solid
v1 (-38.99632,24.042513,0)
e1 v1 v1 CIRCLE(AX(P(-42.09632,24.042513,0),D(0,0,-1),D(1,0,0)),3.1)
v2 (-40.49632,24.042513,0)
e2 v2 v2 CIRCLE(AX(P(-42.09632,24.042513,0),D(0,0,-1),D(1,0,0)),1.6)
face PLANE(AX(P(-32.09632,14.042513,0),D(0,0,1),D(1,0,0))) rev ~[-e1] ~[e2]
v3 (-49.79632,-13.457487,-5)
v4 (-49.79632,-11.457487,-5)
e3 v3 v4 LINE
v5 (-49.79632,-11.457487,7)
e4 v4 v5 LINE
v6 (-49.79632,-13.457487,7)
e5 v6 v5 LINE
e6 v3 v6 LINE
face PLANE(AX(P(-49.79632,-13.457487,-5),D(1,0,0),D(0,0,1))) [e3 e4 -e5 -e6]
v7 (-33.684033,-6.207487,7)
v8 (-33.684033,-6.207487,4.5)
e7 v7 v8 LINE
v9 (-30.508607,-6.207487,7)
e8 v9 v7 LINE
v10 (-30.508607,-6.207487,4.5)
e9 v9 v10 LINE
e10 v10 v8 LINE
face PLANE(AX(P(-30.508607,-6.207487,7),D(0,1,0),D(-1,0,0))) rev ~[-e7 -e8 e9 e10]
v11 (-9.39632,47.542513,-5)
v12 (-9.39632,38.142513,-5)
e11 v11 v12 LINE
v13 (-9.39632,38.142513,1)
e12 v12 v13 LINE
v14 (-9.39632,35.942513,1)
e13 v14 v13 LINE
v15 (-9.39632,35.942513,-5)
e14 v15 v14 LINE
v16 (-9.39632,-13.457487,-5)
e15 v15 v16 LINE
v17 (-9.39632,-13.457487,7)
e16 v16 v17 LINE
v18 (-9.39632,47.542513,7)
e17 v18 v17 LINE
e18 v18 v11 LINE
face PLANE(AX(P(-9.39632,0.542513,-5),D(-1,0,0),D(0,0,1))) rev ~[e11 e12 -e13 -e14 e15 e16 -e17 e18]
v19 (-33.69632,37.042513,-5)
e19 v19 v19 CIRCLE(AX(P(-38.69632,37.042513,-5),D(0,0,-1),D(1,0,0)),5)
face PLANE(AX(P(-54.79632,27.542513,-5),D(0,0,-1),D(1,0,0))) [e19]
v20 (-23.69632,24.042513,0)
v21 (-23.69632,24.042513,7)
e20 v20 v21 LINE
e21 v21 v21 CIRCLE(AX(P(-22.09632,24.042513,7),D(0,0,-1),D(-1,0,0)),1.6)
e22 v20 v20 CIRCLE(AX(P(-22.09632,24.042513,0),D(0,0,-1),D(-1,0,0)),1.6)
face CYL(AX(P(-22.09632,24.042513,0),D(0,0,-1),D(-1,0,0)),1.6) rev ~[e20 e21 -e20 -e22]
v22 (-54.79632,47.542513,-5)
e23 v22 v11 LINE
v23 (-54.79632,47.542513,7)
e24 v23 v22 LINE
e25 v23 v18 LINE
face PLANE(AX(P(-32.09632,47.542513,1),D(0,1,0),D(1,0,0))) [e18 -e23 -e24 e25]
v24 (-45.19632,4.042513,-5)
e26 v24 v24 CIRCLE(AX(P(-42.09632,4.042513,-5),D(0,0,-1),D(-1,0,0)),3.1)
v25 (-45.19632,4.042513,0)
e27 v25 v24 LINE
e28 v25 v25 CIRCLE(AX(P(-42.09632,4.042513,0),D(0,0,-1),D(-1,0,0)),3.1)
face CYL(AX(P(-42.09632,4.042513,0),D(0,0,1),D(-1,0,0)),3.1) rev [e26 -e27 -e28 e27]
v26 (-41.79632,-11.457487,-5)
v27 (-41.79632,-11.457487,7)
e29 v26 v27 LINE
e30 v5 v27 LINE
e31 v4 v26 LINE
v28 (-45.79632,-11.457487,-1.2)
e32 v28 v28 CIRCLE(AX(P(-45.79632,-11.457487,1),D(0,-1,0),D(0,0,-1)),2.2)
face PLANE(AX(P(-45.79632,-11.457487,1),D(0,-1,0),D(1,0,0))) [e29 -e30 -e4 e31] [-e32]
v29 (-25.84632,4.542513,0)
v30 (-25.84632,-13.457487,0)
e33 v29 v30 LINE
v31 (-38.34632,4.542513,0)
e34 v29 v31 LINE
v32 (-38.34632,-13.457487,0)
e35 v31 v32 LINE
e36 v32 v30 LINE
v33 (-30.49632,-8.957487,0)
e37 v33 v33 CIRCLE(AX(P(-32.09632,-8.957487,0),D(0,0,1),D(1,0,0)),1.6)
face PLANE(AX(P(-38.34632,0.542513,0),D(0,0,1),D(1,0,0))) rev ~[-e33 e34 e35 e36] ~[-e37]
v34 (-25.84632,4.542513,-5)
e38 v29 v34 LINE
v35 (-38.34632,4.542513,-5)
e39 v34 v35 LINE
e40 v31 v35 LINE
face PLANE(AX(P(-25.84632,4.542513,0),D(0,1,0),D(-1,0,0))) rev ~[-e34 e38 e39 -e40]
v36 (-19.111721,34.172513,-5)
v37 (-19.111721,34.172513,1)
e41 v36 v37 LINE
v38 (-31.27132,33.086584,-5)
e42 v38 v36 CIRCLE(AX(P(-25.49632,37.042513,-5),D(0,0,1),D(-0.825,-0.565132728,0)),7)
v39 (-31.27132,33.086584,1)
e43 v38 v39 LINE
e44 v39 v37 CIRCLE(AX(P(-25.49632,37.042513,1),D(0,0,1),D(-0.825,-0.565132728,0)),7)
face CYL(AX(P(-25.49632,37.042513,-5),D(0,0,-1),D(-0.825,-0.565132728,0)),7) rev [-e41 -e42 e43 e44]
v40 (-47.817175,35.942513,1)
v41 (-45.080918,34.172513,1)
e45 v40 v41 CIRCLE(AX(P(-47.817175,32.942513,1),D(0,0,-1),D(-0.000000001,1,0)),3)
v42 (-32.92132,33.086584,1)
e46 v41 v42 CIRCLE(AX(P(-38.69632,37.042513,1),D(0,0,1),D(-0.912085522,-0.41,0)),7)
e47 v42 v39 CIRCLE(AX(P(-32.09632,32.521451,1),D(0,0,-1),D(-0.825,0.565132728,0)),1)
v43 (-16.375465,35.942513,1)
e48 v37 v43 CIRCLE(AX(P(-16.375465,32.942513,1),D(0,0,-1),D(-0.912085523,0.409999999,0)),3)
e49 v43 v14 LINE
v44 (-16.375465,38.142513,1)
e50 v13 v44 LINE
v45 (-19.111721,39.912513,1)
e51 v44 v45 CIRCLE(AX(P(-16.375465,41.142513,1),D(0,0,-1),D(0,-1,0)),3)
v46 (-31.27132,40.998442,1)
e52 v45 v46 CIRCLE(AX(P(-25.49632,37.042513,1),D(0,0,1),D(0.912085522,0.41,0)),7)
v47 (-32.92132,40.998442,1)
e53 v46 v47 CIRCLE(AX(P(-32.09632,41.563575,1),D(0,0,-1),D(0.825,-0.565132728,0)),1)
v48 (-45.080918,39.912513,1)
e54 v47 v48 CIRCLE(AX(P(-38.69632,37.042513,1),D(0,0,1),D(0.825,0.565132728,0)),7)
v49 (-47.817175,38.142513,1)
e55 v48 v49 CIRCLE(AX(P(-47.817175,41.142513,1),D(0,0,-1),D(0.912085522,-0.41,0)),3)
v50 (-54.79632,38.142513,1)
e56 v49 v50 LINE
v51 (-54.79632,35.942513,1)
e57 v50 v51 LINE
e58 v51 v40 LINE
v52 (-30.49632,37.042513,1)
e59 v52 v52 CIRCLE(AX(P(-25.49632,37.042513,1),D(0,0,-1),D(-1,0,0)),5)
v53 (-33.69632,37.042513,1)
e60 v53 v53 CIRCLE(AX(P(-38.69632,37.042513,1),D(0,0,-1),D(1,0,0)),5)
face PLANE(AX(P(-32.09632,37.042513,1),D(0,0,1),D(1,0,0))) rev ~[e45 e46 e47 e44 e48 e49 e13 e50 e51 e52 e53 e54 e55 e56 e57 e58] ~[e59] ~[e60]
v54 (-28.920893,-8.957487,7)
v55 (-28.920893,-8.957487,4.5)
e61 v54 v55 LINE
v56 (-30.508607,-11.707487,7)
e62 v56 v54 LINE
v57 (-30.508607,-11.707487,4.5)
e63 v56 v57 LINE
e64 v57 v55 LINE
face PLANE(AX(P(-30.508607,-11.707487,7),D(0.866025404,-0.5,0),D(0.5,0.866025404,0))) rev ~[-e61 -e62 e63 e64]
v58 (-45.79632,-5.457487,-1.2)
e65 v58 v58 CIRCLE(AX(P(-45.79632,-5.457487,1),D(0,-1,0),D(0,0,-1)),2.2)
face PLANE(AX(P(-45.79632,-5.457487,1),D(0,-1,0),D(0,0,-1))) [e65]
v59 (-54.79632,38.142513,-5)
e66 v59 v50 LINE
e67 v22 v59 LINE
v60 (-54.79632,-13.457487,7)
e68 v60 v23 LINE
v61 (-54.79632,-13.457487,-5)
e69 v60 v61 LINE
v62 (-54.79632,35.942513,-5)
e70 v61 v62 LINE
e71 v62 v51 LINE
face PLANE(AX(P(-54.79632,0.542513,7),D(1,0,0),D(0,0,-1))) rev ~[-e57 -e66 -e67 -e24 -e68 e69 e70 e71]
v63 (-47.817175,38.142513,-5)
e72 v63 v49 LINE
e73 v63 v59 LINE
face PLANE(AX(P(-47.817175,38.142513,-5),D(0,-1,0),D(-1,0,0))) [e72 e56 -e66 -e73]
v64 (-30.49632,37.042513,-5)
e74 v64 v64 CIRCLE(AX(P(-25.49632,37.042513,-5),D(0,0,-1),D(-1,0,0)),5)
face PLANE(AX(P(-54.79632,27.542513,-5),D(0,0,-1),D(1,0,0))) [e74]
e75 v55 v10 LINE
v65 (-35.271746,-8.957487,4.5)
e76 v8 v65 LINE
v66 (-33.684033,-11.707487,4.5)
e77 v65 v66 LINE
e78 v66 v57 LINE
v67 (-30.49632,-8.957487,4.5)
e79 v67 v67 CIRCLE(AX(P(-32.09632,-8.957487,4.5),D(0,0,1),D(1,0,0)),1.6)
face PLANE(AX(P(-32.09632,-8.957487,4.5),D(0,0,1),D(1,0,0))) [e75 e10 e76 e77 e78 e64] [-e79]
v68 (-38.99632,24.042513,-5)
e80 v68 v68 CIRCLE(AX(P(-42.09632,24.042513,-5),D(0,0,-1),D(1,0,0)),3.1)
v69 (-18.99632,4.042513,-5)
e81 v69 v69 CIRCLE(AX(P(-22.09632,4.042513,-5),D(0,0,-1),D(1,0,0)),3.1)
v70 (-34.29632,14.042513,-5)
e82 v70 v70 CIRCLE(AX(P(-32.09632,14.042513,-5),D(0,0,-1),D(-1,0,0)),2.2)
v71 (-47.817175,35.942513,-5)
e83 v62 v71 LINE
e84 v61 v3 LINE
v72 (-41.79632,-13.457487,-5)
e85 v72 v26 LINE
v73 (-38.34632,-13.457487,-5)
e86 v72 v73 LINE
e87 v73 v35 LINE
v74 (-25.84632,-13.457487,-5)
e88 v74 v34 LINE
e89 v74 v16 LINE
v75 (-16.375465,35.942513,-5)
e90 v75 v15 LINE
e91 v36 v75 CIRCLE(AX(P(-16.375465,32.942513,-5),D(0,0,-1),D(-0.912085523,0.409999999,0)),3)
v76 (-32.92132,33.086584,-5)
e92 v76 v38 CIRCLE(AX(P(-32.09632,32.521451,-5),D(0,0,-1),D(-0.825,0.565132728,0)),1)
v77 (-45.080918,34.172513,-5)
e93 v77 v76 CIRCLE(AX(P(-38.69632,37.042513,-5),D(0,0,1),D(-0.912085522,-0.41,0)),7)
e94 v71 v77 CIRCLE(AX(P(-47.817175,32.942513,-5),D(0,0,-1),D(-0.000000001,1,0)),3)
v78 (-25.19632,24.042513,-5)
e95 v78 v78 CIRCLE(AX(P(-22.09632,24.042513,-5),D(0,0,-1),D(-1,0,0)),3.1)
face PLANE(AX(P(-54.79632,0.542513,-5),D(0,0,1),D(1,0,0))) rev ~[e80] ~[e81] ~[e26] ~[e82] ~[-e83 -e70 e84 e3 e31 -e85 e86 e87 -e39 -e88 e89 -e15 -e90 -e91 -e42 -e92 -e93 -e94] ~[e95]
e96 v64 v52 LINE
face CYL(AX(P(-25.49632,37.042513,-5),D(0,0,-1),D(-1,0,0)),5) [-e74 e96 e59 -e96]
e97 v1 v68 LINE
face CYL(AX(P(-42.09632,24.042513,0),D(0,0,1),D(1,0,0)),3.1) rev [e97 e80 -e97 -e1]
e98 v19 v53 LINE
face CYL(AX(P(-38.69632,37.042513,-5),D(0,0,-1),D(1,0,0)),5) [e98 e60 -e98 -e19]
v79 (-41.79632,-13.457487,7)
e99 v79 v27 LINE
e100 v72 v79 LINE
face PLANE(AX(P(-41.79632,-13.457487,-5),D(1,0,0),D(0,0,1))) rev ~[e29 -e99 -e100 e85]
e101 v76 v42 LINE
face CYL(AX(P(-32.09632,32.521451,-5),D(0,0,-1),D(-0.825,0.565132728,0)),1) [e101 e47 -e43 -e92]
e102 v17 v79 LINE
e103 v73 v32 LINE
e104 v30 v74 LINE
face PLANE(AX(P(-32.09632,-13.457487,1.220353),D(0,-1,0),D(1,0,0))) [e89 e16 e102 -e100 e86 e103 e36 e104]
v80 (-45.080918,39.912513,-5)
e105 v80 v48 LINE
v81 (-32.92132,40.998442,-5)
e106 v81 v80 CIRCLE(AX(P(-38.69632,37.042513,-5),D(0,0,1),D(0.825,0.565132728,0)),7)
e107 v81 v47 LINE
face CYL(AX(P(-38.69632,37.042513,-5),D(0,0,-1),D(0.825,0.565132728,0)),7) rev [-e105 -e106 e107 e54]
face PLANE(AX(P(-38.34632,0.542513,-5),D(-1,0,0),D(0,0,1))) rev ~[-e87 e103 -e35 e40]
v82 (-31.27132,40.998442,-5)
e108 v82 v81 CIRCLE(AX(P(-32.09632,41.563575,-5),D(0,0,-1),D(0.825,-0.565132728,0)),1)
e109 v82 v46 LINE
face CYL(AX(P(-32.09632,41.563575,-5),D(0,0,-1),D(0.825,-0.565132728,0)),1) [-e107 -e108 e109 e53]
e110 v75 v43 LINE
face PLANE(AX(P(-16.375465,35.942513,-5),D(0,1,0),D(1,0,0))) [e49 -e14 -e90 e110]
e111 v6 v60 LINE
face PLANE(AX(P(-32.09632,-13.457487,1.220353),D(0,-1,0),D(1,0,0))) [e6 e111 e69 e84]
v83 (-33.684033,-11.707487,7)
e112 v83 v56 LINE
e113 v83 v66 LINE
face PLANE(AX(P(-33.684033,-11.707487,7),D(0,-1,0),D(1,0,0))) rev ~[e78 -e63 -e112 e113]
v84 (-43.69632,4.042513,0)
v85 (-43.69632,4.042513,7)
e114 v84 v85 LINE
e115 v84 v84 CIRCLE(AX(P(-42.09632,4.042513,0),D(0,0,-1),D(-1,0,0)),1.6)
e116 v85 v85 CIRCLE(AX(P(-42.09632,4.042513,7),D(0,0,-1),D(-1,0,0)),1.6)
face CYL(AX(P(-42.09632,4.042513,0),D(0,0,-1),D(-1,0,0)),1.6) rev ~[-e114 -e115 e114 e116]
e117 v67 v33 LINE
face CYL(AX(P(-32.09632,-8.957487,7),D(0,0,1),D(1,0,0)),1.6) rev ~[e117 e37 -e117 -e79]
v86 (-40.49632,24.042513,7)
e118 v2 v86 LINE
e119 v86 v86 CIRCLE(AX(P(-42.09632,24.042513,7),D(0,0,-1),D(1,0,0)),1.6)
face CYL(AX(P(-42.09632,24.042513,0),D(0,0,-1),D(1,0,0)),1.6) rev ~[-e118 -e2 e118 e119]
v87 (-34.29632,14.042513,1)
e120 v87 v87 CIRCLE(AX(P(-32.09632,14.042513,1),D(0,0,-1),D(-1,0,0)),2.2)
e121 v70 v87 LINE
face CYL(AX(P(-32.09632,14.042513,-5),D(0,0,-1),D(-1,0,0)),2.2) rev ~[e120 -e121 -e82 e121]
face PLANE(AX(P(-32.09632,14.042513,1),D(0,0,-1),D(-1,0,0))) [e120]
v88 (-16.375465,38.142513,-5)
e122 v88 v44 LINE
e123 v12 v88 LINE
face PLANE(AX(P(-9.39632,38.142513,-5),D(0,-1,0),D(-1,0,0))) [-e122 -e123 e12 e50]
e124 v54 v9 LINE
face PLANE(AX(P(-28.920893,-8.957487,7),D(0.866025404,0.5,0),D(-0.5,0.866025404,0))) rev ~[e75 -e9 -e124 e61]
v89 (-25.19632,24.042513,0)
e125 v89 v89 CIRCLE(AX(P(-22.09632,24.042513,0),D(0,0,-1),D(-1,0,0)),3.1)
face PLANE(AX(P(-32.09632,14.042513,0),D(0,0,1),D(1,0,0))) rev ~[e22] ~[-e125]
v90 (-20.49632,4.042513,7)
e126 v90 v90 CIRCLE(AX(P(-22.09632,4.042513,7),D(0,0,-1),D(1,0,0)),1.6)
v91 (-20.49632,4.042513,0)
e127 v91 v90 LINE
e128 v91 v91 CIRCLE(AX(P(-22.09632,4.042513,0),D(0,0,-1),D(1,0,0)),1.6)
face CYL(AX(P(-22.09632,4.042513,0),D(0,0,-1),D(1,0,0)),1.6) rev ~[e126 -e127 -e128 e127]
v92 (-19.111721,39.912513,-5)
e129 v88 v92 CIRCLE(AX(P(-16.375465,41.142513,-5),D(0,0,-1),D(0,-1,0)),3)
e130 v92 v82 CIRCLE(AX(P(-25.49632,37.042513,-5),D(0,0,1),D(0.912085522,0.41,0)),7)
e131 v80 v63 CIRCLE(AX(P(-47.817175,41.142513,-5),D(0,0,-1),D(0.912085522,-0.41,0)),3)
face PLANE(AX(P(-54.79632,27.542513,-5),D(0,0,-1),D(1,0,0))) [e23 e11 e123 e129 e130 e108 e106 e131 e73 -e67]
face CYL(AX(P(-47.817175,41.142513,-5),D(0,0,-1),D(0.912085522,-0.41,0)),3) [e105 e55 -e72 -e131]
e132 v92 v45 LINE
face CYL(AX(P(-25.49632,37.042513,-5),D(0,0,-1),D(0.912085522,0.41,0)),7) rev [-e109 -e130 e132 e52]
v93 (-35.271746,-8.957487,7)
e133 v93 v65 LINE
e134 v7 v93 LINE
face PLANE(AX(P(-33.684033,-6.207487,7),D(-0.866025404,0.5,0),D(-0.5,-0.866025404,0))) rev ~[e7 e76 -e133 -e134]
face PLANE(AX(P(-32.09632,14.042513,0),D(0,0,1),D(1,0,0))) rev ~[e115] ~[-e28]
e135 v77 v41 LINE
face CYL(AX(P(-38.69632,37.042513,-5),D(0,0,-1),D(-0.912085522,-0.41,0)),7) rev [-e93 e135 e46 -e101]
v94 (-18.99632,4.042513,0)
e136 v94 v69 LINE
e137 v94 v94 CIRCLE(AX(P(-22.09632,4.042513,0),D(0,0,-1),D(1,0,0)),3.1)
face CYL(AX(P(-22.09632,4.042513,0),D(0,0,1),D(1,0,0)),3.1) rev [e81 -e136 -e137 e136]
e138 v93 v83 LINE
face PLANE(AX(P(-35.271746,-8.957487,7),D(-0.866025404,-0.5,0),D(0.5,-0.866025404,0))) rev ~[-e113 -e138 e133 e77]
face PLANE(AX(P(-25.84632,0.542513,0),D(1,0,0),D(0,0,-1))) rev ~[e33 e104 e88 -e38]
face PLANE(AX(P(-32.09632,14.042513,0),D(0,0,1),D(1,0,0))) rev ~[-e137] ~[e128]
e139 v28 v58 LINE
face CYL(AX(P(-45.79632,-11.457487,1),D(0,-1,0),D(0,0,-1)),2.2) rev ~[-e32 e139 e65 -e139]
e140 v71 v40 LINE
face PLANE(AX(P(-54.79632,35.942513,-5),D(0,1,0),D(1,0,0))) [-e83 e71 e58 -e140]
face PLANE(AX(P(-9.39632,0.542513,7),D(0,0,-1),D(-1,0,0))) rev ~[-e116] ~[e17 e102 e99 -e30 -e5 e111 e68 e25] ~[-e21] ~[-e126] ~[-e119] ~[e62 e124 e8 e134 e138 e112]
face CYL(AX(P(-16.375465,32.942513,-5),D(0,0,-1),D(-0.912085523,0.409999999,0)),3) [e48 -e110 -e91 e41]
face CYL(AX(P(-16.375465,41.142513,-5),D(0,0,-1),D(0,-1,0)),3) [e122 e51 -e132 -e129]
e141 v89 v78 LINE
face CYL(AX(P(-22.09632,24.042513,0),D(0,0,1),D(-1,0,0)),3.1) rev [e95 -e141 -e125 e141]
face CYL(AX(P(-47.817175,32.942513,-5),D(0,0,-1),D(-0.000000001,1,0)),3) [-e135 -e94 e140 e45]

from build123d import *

# Parameters (mm, degrees)
SKETCH_1_W          = 45.4
SKETCH_1_H          = 27
EXTRUDE_1_DEPTH     = 7
SKETCH_2_R          = 1.6
CUT_EXTRUDE_1_DEPTH = 62.727033531
SKETCH_4_R          = 3.1
EXTRUDE_2_DEPTH     = 5
SKETCH_5_W          = 45.4
SKETCH_5_H          = 12
EXTRUDE_3_DEPTH     = 20
SKETCH_7_R          = 5
CUT_EXTRUDE_3_DEPTH = 6
EXTRUDE_4_DEPTH     = 14
SKETCH_9_R          = 1.6
CUT_EXTRUDE_4_DEPTH = 74.531810641
CUT_EXTRUDE_5_DEPTH = 2.5
SKETCH_10_W         = 8
SKETCH_10_H         = 12
CUT_EXTRUDE_6_DEPTH = 2
SKETCH_12_R         = 2.2
CUT_EXTRUDE_8_DEPTH = 6
SKETCH_13_R         = 2.2
CUT_EXTRUDE_9_DEPTH = 6


with BuildPart() as part:
    # 草图1 → 凸台-拉伸1 (new body)
    with BuildSketch(Plane.XY):
        with Locations((-32.096319797, 14.04251269)):
            Rectangle(SKETCH_1_W, SKETCH_1_H)
    extrude(amount=EXTRUDE_1_DEPTH)

    # 草图2 → 切除-拉伸1 (cut, through all)
    with BuildSketch(Plane(origin=(0, 0, 0), x_dir=(-1, 0, 0), z_dir=(0, 0, -1))):
        with Locations((22.096319797, 24.04251269)):
            Circle(SKETCH_2_R)
        with Locations(Location((42.096319797, 24.04251269, 0), (0, 0, 180))):
            Circle(SKETCH_2_R)
        with Locations((42.096319797, 4.04251269)):
            Circle(SKETCH_2_R)
        with Locations(Location((22.096319797, 4.04251269, 0), (0, 0, 180))):
            Circle(SKETCH_2_R)
    extrude(amount=-CUT_EXTRUDE_1_DEPTH, mode=Mode.SUBTRACT)

    # 草图4 → 凸台-拉伸2 (add)
    with BuildSketch(Plane(origin=(0, 0, 0), x_dir=(-1, 0, 0), z_dir=(0, 0, -1))):
        Polygon((38.346319797, 0.54251269), (54.796319797, 0.54251269), (54.796319797, 27.54251269), (9.396319797, 27.54251269), (9.396319797, 0.54251269), (25.846319797, 0.54251269), (25.846319797, 4.54251269), (38.346319797, 4.54251269), align=None)
        with Locations(Location((42.096319797, 24.04251269, 0), (0, 0, 180))):
            Circle(SKETCH_4_R, mode=Mode.SUBTRACT)
        with Locations((22.096319797, 24.04251269)):
            Circle(SKETCH_4_R, mode=Mode.SUBTRACT)
        with Locations((42.096319797, 4.04251269)):
            Circle(SKETCH_4_R, mode=Mode.SUBTRACT)
        with Locations(Location((22.096319797, 4.04251269, 0), (0, 0, 180))):
            Circle(SKETCH_4_R, mode=Mode.SUBTRACT)
    extrude(amount=EXTRUDE_2_DEPTH)

    # 草图5 → 凸台-拉伸3 (add)
    with BuildSketch(Plane(origin=(0, 27.54251269, 0), x_dir=(1, 0, 0), z_dir=(0, 1, 0))):
        with Locations((-32.096319797, -1)):
            Rectangle(SKETCH_5_W, SKETCH_5_H)
    extrude(amount=EXTRUDE_3_DEPTH)

    # 草图7 → 切除-拉伸3 (cut)
    with BuildSketch(Plane(origin=(0, 0, -5), x_dir=(-1, 0, 0), z_dir=(0, 0, -1))):
        with BuildLine():
            Line((9.396319797, 38.14251269), (16.375464574, 38.14251269))
            ThreePointArc((16.375464574, 38.14251269), (18.004881648, 38.623584347), (19.111721141, 39.91251269))
            ThreePointArc((19.111721141, 39.91251269), (24.873653651, 44.014763896), (31.271319797, 40.998441785))
            ThreePointArc((31.271319797, 40.998441785), (32.096319797, 40.563574513), (32.921319797, 40.998441785))
            ThreePointArc((32.921319797, 40.998441785), (39.318985943, 44.014763896), (45.080918453, 39.91251269))
            ThreePointArc((45.080918453, 39.91251269), (46.187757946, 38.623584347), (47.81717502, 38.14251269))
            Line((47.81717502, 38.14251269), (54.796319797, 38.14251269))
            Line((54.796319797, 38.14251269), (54.796319797, 35.94251269))
            Line((54.796319797, 35.94251269), (47.81717502, 35.94251269))
            ThreePointArc((47.81717502, 35.94251269), (46.187757946, 35.461441034), (45.080918453, 34.17251269))
            ThreePointArc((45.080918453, 34.17251269), (39.318985943, 30.070261485), (32.921319797, 33.086583596))
            ThreePointArc((32.921319797, 33.086583596), (32.096319797, 33.521450868), (31.271319797, 33.086583596))
            ThreePointArc((31.271319797, 33.086583596), (24.873653651, 30.070261485), (19.111721141, 34.17251269))
            ThreePointArc((19.111721141, 34.17251269), (18.004881648, 35.461441034), (16.375464574, 35.94251269))
            Line((16.375464574, 35.94251269), (9.396319797, 35.94251269))
            Line((9.396319797, 35.94251269), (9.396319797, 38.14251269))
        make_face()
        with Locations((25.496319797, 37.04251269)):
            Circle(SKETCH_7_R, mode=Mode.SUBTRACT)
        with Locations(Location((38.696319797, 37.04251269, 0), (0, 0, 180))):
            Circle(SKETCH_7_R, mode=Mode.SUBTRACT)
    extrude(amount=-CUT_EXTRUDE_3_DEPTH, mode=Mode.SUBTRACT)

    # 草图8 → 凸台-拉伸4 (add)
    with BuildSketch(Plane.XZ.offset(-0.54251269)):
        Polygon((-38.346319797, -5), (-38.346319797, 0), (-25.846319797, 0), (-25.846319797, -5), (-9.396319797, -5), (-9.396319797, 7), (-54.796319797, 7), (-54.796319797, -5), align=None)
    extrude(amount=EXTRUDE_4_DEPTH)

    # 草图9 → 切除-拉伸4 (cut, through all)
    with BuildSketch(Plane.XY.offset(7)):
        with Locations((-32.096319797, -8.95748731)):
            Circle(SKETCH_9_R)
    extrude(amount=-CUT_EXTRUDE_4_DEPTH, mode=Mode.SUBTRACT)

    # 草图3 → 切除-拉伸5 (cut)
    with BuildSketch(Plane.XY.offset(7)):
        Polygon((-28.920893316, -8.95748731), (-30.508606557, -6.20748731), (-33.684033037, -6.20748731), (-35.271746277, -8.95748731), (-33.684033037, -11.70748731), (-30.508606557, -11.70748731), align=None)
    extrude(amount=-CUT_EXTRUDE_5_DEPTH, mode=Mode.SUBTRACT)

    # 草图10 → 切除-拉伸6 (cut)
    with BuildSketch(Plane.XZ.offset(13.45748731)):
        with Locations((-45.796319797, 1)):
            Rectangle(SKETCH_10_W, SKETCH_10_H)
    extrude(amount=-CUT_EXTRUDE_6_DEPTH, mode=Mode.SUBTRACT)

    # 草图12 → 切除-拉伸8 (cut)
    with BuildSketch(Plane.XZ.offset(11.45748731)):
        with Locations(Location((-45.796319797, 1, 0), (0, 0, 270))):
            Circle(SKETCH_12_R)
    extrude(amount=-CUT_EXTRUDE_8_DEPTH, mode=Mode.SUBTRACT)

    # 草图13 → 切除-拉伸9 (cut)
    with BuildSketch(Plane(origin=(0, 0, -5), x_dir=(-1, 0, 0), z_dir=(0, 0, -1))):
        with Locations((32.096319797, 14.04251269)):
            Circle(SKETCH_13_R)
    extrude(amount=-CUT_EXTRUDE_9_DEPTH, mode=Mode.SUBTRACT)


solid = part.part
